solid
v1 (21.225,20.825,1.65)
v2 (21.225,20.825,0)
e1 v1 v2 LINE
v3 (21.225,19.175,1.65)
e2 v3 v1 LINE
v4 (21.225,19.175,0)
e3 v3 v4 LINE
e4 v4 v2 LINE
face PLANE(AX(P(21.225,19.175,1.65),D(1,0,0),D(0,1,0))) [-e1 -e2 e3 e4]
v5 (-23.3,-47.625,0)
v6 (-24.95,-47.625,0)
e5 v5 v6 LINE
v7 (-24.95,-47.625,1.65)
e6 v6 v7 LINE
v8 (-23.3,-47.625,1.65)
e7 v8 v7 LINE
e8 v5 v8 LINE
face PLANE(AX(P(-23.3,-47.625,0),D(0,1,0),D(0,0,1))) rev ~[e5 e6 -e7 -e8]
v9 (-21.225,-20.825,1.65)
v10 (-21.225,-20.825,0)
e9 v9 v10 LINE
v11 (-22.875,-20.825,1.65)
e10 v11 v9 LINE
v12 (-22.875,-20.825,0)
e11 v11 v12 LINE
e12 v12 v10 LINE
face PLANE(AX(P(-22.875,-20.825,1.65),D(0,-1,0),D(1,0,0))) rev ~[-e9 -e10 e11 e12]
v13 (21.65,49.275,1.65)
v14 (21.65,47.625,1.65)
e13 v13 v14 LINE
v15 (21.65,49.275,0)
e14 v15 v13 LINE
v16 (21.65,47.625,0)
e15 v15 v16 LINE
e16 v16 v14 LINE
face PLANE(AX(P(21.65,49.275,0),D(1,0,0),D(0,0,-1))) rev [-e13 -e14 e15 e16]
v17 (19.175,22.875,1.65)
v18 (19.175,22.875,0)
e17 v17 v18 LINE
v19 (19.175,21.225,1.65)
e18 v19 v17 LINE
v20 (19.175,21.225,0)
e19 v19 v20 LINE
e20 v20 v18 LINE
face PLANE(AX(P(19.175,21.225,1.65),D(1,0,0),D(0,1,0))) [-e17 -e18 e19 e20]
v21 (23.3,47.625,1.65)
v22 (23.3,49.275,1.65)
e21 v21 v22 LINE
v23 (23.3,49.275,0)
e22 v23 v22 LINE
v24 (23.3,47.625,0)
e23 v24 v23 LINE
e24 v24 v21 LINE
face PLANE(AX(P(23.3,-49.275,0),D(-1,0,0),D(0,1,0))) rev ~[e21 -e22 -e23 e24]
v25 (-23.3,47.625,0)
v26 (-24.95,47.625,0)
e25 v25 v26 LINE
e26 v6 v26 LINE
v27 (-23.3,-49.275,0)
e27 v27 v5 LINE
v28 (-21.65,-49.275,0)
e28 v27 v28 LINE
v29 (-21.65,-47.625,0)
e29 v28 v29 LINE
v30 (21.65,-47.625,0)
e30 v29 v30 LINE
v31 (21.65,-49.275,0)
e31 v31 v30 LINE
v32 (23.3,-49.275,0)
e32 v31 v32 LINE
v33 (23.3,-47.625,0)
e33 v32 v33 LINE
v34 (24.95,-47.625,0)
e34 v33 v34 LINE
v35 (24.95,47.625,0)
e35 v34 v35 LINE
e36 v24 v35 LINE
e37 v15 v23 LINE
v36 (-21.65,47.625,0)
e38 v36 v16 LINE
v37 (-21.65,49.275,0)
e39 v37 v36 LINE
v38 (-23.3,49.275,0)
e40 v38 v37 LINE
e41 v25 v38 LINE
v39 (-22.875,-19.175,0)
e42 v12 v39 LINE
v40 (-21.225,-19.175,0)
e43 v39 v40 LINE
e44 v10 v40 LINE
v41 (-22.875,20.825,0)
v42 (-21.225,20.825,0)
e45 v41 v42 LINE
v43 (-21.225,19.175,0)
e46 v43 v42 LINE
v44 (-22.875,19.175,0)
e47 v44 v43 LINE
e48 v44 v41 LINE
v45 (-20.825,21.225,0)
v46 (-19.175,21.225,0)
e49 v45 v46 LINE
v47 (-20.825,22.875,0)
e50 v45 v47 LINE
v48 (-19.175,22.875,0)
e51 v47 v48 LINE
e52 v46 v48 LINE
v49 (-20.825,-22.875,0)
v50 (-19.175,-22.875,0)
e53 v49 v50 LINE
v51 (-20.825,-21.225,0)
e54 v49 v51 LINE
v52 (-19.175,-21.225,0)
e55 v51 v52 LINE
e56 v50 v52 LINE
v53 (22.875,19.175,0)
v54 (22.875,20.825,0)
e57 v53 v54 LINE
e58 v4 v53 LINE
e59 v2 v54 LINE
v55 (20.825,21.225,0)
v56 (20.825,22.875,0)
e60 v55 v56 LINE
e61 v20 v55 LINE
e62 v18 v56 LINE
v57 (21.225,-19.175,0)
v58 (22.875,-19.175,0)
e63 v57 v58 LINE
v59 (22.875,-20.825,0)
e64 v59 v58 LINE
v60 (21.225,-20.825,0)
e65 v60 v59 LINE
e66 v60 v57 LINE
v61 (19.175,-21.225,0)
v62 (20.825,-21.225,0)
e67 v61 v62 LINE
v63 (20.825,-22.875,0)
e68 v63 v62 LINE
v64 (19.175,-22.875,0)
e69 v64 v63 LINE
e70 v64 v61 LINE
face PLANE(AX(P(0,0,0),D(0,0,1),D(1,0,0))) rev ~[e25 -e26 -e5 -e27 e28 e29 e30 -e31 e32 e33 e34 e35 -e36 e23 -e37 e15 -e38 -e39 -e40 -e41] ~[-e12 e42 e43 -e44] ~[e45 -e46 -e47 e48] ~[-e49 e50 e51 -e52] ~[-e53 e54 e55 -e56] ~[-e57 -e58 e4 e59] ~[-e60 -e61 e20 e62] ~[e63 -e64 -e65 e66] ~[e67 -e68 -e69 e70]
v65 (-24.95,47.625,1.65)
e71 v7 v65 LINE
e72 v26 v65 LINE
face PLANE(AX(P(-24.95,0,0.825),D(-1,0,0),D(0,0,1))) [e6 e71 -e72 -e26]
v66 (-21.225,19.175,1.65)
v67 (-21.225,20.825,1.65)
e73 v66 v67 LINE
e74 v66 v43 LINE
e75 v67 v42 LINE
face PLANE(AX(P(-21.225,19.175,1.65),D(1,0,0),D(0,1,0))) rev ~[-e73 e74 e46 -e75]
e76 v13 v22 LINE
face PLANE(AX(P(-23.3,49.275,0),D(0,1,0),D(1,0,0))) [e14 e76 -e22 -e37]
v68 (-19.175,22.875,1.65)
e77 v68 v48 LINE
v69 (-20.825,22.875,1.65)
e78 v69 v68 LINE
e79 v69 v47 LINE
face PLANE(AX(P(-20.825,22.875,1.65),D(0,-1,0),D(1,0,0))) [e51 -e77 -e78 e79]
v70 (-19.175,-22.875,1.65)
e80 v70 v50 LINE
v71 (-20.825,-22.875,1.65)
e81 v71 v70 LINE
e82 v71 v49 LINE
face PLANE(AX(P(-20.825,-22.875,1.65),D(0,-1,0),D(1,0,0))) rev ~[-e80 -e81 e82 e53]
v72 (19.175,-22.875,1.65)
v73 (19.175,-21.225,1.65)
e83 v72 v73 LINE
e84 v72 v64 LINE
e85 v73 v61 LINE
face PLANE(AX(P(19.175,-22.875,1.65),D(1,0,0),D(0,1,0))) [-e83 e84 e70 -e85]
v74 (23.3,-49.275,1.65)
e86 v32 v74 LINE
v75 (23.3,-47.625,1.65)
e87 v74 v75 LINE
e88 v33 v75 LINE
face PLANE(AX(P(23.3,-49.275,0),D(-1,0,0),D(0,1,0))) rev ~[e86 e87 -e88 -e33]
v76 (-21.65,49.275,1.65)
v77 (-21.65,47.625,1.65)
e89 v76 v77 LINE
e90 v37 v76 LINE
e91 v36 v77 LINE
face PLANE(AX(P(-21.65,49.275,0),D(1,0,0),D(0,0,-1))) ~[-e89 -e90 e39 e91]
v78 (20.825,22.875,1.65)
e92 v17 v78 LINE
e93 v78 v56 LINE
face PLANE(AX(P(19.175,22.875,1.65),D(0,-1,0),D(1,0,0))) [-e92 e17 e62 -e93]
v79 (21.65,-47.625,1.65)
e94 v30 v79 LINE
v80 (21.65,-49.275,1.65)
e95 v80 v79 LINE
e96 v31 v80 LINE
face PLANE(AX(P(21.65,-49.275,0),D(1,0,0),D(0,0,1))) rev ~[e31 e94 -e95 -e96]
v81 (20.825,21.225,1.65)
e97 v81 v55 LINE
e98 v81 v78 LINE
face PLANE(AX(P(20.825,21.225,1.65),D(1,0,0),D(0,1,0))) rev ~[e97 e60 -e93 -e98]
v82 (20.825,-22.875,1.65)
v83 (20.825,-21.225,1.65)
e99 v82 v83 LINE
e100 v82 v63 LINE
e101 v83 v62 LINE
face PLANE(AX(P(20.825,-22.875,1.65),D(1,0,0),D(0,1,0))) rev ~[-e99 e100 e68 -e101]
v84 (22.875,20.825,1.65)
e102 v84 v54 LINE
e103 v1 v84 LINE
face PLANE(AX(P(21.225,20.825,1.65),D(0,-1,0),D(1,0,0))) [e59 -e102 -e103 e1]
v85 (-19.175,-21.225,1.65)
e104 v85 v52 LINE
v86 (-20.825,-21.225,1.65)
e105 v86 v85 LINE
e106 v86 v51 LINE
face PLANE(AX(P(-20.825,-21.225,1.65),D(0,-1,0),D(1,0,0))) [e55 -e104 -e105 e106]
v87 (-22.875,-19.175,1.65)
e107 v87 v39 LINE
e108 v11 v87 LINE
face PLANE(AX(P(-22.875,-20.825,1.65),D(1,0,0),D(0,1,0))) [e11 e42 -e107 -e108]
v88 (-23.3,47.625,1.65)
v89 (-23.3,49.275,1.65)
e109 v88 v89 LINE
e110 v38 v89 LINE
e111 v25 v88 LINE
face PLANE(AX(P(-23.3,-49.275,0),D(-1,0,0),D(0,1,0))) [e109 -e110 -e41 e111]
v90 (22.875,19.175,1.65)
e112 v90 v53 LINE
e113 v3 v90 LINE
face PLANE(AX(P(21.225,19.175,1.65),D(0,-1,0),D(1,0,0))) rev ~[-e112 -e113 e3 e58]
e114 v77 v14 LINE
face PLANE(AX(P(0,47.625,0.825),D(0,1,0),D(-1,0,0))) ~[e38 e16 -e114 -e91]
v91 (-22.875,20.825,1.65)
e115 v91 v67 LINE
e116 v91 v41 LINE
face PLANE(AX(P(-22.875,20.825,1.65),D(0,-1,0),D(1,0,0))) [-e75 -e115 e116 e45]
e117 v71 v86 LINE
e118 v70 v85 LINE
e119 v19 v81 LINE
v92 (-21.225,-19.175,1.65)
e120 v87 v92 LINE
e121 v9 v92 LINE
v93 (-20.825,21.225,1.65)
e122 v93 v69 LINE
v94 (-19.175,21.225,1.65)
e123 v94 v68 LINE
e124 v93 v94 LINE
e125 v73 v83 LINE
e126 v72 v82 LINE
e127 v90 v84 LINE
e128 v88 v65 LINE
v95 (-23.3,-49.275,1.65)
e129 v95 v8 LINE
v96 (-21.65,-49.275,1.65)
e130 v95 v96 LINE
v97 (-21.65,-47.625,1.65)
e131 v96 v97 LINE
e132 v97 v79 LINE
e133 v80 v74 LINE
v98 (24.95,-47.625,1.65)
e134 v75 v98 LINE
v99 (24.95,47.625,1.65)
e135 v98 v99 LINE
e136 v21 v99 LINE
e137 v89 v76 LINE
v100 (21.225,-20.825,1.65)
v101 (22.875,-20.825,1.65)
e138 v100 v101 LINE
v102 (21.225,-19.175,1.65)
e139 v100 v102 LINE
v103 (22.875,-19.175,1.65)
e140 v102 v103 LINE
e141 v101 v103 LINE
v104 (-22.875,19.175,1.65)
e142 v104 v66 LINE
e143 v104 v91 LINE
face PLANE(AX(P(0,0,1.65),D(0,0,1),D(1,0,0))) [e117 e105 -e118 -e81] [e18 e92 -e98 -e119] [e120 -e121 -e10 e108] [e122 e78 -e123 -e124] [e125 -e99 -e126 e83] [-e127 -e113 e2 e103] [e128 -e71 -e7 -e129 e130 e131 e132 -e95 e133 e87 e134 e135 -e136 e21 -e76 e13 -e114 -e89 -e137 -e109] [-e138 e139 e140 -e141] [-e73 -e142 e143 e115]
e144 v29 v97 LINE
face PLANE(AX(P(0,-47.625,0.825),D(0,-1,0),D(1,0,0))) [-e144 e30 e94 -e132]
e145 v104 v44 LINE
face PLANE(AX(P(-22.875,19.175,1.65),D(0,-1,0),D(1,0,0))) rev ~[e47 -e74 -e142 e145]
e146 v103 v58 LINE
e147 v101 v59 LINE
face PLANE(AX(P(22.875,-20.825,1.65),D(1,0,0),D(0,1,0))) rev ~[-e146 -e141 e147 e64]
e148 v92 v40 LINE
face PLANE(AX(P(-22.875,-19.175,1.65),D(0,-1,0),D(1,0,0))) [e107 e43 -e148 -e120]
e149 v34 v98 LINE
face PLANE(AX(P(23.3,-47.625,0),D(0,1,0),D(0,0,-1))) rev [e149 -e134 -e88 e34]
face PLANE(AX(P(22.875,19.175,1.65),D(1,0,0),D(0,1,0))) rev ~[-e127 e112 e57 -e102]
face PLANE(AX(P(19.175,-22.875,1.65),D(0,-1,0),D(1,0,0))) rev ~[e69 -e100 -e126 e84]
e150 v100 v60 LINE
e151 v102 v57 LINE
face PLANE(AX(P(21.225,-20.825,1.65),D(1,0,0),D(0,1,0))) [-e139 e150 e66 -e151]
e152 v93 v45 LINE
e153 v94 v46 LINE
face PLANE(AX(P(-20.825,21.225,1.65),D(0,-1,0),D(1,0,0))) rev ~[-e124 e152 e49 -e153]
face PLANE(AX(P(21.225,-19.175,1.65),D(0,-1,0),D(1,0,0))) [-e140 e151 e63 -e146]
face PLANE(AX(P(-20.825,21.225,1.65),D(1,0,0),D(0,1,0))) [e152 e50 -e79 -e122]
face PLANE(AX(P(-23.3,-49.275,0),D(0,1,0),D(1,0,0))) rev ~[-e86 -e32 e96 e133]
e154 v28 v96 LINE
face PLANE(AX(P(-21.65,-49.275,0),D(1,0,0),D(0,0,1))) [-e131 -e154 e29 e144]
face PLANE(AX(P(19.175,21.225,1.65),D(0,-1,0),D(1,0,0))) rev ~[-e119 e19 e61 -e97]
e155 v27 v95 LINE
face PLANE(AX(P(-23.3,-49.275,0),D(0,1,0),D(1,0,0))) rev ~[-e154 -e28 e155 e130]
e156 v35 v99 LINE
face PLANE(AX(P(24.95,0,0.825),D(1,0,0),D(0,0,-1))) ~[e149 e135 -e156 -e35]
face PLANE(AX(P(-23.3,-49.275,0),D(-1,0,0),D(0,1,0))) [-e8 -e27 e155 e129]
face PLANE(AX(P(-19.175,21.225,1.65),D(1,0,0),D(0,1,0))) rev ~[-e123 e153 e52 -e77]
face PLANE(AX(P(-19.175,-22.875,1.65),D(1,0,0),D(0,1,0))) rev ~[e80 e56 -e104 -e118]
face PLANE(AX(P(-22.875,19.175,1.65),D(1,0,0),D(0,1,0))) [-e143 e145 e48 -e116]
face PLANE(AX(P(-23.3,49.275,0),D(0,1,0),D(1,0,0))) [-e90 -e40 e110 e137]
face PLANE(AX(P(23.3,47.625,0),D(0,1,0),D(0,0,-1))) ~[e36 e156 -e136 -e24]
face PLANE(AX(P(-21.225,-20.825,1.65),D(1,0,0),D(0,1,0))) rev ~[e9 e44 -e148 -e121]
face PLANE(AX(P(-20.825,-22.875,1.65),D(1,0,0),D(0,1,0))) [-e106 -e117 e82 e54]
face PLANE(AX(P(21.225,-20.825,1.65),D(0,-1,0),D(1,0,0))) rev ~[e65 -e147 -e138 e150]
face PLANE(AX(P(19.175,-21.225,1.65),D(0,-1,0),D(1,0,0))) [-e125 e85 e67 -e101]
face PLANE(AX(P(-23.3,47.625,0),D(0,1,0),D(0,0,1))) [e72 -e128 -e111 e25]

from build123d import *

# Parameters (mm, degrees)
SKETCH1_W           = 46.6
SKETCH1_H           = 98.55
BOSS_EXTRUDE1_DEPTH = 1.65
SKETCH3_W           = 1.65
SKETCH3_H           = 95.25
BOSS_EXTRUDE2_DEPTH = 1.65
SKETCH2_W           = 1.65
SKETCH2_H           = 1.65
CUT_EXTRUDE1_DEPTH  = 1.65
SKETCH4_W           = 43.3
SKETCH4_H           = 1.65
CUT_EXTRUDE2_DEPTH  = 1.65


with BuildPart() as part:
    # Sketch1 → Boss-Extrude1 (new body)
    with BuildSketch(Plane.XY):
        Rectangle(SKETCH1_W, SKETCH1_H)
    extrude(amount=BOSS_EXTRUDE1_DEPTH)

    # Sketch3 → Boss-Extrude2 (add)
    with BuildSketch(Plane.ZY.offset(23.3)):
        with Locations((0.825, 0)):
            Rectangle(SKETCH3_W, SKETCH3_H)
    boss_extrude2 = extrude(amount=BOSS_EXTRUDE2_DEPTH)

    # Mirror1: Boss-Extrude2 across plane
    add(boss_extrude2.mirror(Plane(origin=(0, 0, 0), x_dir=(0, 0, 1), z_dir=(1, 0, 0))))

    # Sketch2 → Cut-Extrude1 (cut)
    with BuildSketch(Plane.XY.offset(1.65)):
        with Locations((20, -22.05)):
            Rectangle(SKETCH2_W, SKETCH2_H)
        with Locations((-20, -22.05)):
            Rectangle(SKETCH2_W, SKETCH2_H)
        with Locations((-22.05, -20)):
            Rectangle(SKETCH2_W, SKETCH2_H)
        with Locations((-22.05, 20)):
            Rectangle(SKETCH2_W, SKETCH2_H)
        with Locations((-20, 22.05)):
            Rectangle(SKETCH2_W, SKETCH2_H)
        with Locations((20, 22.05)):
            Rectangle(SKETCH2_W, SKETCH2_H)
        with Locations((22.05, 20)):
            Rectangle(SKETCH2_W, SKETCH2_H)
        with Locations((22.05, -20)):
            Rectangle(SKETCH2_W, SKETCH2_H)
    extrude(amount=-CUT_EXTRUDE1_DEPTH, mode=Mode.SUBTRACT)

    # Sketch4 → Cut-Extrude2 (cut)
    with BuildSketch(Plane.XZ.offset(49.275)):
        with Locations((0, 0.825)):
            Rectangle(SKETCH4_W, SKETCH4_H)
    cut_extrude2 = extrude(amount=-CUT_EXTRUDE2_DEPTH, mode=Mode.SUBTRACT)

    # Mirror2: Cut-Extrude2 across plane
    add(cut_extrude2.mirror(Plane.ZX), mode=Mode.SUBTRACT)


solid = part.part
